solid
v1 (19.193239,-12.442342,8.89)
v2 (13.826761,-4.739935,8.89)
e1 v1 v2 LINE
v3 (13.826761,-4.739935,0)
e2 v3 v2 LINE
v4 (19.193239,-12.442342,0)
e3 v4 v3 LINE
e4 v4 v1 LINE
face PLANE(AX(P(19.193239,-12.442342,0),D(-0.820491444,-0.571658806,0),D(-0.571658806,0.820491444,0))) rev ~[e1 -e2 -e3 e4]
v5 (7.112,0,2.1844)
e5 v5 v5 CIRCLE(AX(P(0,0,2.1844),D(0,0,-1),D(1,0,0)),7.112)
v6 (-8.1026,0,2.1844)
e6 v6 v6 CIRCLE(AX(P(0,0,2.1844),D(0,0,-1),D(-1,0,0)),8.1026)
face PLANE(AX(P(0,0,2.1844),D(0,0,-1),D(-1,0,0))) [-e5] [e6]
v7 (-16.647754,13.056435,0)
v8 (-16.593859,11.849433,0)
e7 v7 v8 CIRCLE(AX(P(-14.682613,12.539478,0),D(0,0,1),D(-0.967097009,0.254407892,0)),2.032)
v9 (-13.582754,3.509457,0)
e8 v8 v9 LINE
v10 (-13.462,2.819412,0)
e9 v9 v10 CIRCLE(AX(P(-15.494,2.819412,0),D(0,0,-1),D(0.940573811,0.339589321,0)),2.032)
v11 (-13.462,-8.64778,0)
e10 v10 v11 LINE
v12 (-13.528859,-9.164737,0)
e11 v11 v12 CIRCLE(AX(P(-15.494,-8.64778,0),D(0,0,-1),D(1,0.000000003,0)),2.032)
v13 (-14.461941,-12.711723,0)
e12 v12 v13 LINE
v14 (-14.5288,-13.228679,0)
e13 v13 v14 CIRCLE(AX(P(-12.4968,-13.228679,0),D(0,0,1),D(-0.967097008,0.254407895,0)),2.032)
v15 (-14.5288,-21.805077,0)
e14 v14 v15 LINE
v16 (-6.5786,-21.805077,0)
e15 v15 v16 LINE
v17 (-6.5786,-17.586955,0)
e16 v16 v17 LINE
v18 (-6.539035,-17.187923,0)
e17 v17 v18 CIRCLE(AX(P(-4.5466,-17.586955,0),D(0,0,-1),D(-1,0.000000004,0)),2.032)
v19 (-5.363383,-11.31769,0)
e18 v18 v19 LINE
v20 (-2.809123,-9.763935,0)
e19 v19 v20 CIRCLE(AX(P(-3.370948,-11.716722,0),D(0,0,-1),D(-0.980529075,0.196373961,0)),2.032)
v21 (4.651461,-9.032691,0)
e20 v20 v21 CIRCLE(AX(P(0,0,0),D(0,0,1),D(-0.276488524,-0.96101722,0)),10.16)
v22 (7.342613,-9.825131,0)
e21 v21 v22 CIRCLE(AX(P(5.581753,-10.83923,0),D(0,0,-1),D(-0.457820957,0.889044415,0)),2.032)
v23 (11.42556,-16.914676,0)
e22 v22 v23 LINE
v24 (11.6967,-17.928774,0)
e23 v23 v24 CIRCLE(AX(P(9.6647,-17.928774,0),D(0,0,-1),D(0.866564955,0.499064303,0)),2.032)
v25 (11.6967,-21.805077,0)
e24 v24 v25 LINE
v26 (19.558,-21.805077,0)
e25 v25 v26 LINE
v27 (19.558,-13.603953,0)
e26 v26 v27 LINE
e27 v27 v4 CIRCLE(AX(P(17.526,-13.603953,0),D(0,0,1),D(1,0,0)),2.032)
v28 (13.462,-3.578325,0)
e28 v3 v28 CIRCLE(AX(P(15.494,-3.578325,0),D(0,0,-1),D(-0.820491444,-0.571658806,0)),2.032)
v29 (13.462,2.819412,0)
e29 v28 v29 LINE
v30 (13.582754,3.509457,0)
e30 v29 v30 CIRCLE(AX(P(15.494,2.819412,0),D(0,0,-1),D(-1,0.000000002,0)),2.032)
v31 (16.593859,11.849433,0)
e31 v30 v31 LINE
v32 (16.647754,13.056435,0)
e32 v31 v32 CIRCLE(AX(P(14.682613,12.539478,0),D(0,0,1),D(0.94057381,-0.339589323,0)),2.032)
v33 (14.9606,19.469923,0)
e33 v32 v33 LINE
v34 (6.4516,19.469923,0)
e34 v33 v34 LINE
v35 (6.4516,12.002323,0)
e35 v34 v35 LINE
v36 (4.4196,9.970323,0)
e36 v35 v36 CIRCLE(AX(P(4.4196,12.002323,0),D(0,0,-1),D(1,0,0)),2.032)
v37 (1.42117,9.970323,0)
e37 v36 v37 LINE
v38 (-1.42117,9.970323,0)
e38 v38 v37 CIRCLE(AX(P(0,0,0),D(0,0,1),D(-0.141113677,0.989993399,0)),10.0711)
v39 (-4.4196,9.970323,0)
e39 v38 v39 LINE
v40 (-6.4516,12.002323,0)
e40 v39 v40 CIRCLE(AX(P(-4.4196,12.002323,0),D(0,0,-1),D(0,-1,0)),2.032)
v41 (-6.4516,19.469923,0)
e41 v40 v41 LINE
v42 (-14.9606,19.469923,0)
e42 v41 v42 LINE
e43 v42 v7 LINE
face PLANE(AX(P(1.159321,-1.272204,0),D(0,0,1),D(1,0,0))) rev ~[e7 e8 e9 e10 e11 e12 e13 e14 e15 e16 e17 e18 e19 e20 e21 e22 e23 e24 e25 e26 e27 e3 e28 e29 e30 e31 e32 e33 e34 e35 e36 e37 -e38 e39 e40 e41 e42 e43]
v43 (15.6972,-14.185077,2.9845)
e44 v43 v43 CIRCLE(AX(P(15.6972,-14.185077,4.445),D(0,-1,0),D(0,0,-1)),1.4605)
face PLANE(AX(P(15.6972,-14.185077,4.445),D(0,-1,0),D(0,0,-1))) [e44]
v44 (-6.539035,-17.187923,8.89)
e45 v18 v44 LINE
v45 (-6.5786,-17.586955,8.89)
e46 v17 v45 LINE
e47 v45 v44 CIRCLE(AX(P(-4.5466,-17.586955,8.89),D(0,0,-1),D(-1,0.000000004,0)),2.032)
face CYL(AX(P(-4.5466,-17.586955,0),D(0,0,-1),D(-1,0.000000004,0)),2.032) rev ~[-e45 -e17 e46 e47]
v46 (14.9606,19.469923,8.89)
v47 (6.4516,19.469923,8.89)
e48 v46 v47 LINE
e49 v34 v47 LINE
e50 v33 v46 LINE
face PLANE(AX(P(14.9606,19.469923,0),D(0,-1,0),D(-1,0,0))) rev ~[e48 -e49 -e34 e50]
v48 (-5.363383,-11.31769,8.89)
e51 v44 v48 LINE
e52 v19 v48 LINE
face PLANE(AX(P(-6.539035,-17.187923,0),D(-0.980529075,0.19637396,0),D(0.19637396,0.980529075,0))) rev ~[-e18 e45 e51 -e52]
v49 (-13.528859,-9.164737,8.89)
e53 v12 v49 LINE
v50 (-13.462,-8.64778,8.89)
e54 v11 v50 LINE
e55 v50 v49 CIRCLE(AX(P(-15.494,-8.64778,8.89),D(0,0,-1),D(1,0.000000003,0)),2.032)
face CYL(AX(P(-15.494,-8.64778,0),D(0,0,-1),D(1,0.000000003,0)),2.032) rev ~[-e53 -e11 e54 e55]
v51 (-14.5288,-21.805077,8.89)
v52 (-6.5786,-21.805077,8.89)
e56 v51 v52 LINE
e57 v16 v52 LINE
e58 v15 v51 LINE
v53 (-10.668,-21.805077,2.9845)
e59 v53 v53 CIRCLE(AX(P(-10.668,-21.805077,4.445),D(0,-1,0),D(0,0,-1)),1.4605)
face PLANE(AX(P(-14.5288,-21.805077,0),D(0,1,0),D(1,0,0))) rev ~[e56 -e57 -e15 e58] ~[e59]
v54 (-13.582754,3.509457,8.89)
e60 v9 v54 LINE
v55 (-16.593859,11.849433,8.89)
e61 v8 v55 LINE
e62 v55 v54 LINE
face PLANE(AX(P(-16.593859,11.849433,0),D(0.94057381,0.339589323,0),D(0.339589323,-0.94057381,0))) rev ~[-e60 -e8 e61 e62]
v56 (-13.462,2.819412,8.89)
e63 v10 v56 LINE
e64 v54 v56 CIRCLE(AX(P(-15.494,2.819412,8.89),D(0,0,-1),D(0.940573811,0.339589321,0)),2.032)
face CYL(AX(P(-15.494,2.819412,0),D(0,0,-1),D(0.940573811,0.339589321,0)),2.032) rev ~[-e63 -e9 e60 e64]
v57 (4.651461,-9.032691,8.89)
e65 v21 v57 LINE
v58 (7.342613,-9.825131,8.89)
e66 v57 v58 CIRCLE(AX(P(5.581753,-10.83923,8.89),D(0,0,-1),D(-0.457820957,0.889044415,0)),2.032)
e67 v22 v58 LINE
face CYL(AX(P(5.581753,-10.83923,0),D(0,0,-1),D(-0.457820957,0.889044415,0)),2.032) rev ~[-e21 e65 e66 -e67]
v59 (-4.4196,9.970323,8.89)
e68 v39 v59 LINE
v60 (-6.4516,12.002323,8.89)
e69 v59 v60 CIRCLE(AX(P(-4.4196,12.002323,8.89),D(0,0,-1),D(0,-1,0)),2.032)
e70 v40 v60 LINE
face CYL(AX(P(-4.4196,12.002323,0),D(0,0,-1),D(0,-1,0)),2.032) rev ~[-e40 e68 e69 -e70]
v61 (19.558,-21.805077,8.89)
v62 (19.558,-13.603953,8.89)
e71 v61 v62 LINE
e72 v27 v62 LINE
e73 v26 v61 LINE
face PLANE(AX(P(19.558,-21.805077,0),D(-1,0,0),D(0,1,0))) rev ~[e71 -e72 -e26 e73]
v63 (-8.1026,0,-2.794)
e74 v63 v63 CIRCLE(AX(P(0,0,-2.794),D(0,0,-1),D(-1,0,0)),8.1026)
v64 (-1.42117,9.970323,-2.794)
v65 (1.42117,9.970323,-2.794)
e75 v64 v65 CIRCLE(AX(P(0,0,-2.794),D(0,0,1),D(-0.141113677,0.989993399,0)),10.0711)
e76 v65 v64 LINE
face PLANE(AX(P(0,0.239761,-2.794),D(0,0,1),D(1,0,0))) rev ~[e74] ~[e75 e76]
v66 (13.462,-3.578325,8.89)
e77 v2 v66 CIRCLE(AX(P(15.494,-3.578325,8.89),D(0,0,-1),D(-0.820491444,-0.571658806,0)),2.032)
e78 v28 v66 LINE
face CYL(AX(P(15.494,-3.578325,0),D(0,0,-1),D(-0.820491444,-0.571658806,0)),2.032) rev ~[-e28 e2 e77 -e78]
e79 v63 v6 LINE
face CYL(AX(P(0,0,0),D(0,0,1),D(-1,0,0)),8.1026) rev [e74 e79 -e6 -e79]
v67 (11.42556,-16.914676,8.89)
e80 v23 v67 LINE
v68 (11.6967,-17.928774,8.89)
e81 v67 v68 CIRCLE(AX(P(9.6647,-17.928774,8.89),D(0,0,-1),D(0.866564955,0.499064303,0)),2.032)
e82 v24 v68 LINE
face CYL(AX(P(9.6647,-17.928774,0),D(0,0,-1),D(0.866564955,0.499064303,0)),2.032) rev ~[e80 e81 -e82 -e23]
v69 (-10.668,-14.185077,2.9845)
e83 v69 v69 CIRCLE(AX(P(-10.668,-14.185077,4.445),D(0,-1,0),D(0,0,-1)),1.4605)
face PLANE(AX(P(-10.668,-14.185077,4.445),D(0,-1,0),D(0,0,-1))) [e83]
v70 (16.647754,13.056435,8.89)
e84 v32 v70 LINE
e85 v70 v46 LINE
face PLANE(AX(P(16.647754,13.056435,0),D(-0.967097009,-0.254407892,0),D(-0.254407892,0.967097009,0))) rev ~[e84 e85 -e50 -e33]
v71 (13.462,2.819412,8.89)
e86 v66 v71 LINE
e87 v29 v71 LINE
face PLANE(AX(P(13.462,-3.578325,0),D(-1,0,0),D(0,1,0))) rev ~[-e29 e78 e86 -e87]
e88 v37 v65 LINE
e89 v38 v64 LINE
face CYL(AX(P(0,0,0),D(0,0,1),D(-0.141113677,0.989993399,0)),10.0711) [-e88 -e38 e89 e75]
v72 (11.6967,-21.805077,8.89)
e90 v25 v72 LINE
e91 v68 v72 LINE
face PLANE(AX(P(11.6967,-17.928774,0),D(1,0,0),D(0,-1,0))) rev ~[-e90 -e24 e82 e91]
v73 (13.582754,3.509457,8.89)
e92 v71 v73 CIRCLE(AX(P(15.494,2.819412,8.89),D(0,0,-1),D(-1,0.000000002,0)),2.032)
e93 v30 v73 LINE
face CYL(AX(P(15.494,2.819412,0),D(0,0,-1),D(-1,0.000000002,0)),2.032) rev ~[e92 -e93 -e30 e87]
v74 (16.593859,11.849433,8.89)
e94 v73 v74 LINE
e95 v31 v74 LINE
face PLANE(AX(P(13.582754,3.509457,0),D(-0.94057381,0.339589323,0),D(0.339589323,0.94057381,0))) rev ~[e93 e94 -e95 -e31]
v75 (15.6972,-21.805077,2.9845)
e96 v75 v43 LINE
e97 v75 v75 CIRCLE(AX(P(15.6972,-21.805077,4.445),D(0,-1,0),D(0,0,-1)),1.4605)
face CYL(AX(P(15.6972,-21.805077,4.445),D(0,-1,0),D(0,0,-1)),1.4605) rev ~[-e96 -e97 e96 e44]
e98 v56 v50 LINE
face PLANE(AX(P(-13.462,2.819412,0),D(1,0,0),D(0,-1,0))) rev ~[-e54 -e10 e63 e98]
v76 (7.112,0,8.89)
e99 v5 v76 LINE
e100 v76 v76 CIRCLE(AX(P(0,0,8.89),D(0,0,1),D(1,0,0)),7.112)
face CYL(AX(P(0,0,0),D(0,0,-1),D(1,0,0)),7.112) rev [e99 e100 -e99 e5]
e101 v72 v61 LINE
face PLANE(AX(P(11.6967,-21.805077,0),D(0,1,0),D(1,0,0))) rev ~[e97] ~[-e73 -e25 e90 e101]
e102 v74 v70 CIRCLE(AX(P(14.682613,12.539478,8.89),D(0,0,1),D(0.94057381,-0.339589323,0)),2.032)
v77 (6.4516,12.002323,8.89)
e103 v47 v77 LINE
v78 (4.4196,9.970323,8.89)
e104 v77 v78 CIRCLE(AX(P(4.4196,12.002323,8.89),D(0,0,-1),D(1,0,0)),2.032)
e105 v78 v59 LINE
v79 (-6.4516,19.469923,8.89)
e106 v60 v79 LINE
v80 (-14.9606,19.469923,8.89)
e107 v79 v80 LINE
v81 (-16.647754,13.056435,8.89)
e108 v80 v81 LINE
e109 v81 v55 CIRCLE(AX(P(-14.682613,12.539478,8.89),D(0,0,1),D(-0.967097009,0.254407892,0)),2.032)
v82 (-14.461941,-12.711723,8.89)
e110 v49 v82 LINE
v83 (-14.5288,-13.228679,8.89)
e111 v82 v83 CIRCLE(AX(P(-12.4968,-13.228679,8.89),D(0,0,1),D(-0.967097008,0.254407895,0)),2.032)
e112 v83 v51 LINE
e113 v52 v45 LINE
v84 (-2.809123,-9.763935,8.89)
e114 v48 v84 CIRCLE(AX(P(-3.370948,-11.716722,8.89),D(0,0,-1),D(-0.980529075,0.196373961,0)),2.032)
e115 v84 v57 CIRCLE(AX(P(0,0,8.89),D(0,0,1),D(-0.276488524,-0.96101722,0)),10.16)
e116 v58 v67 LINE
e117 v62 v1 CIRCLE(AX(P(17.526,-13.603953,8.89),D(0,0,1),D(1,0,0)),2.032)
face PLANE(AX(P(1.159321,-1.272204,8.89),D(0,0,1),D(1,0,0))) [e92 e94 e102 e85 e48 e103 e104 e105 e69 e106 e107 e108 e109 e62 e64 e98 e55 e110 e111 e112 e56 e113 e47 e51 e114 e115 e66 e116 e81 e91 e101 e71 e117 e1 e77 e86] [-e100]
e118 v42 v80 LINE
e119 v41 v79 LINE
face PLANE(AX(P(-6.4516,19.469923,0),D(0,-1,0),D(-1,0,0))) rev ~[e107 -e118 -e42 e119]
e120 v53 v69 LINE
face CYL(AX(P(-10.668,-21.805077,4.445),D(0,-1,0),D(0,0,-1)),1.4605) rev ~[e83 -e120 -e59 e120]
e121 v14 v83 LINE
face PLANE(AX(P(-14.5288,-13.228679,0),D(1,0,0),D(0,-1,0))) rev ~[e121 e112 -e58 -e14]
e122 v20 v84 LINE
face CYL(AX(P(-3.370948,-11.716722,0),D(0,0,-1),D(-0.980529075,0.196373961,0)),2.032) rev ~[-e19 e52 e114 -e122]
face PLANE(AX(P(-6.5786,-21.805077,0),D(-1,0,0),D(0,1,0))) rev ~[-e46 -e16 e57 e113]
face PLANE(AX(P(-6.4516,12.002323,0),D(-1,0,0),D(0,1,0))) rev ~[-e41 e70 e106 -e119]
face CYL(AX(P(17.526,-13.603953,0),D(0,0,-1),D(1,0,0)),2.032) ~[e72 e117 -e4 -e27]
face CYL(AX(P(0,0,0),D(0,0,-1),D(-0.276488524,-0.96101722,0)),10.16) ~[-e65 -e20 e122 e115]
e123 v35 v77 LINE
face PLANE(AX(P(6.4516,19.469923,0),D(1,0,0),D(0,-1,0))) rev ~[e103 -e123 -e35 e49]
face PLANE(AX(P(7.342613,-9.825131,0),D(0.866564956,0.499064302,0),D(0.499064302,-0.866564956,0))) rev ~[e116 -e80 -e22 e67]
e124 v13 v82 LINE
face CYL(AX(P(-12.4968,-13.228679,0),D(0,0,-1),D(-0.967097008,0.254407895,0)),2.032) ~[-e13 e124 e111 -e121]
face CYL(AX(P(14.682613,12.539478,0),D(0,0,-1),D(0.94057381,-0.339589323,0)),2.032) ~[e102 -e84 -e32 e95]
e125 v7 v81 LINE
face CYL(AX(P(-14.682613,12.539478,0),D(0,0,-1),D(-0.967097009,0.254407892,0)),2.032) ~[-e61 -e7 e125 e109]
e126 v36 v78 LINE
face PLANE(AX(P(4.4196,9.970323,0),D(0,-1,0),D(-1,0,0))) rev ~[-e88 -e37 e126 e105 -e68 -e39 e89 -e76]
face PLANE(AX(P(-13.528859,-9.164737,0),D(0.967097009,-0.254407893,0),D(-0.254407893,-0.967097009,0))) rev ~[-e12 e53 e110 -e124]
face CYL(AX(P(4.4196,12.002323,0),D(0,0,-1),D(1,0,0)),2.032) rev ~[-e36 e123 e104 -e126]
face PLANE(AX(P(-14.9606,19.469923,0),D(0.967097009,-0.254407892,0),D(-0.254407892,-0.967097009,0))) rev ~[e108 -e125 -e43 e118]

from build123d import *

# Parameters (mm, degrees)
SKETCH1_R           = 7.112
BOSS_EXTRUDE1_DEPTH = 8.89
SKETCH2_R           = 8.1026
BOSS_EXTRUDE2_DEPTH = 2.794
CUT_EXTRUDE1_START  = -2.1844
SKETCH4_R           = 8.1026
CUT_EXTRUDE1_DEPTH  = 2.1844
SKETCH5_R           = 1.4605
CUT_EXTRUDE2_DEPTH  = 7.62


with BuildPart() as part:
    # Sketch1 → Boss-Extrude1 (new body)
    with BuildSketch(Plane.XY):
        with BuildLine():
            Line((4.4196, 9.970322522), (-4.4196, 9.970322522))
            ThreePointArc((-4.4196, 9.970322522), (-5.856440979, 10.565481542), (-6.4516, 12.002322522))
            Line((-6.4516, 12.002322522), (-6.4516, 19.469922522))
            Line((-6.4516, 19.469922522), (-14.9606, 19.469922522))
            Line((-14.9606, 19.469922522), (-16.647754284, 13.056434928))
            ThreePointArc((-16.647754284, 13.056434928), (-16.712590479, 12.448835423), (-16.593859144, 11.849432587))
            Line((-16.593859144, 11.849432587), (-13.582754018, 3.50945712))
            ThreePointArc((-13.582754018, 3.50945712), (-13.492416148, 3.169677348), (-13.462, 2.819411617))
            Line((-13.462, 2.819411617), (-13.462, 0))
            Line((-13.462, 0), (-13.462, -8.647780438))
            ThreePointArc((-13.462, -8.647780438), (-13.478784036, -8.908411634), (-13.528858878, -9.164737275))
            Line((-13.528858878, -9.164737275), (-14.461941122, -12.711722544))
            ThreePointArc((-14.461941122, -12.711722544), (-14.512015964, -12.968048185), (-14.5288, -13.228679381))
            Line((-14.5288, -13.228679381), (-14.5288, -21.805077478))
            Line((-14.5288, -21.805077478), (-6.5786, -21.805077478))
            Line((-6.5786, -21.805077478), (-6.5786, -17.586954898))
            ThreePointArc((-6.5786, -17.586954898), (-6.568684578, -17.386460615), (-6.539035081, -17.187923011))
            Line((-6.539035081, -17.187923011), (-5.363383159, -11.317690055))
            ThreePointArc((-5.363383159, -11.317690055), (-4.426978503, -9.980685151), (-2.809123398, -9.763934951))
            ThreePointArc((-2.809123398, -9.763934951), (0.991075795, -10.11154631), (4.651460928, -9.032691251))
            ThreePointArc((4.651460928, -9.032691251), (6.155731201, -8.889980119), (7.342613103, -9.82513084))
            Line((7.342613103, -9.82513084), (11.42555999, -16.91467556))
            ThreePointArc((11.42555999, -16.91467556), (11.62774502, -17.403914002), (11.6967, -17.928774222))
            Line((11.6967, -17.928774222), (11.6967, -21.805077478))
            Line((11.6967, -21.805077478), (19.558, -21.805077478))
            Line((19.558, -21.805077478), (19.558, -13.603952816))
            ThreePointArc((19.558, -13.603952816), (19.464666148, -12.995185564), (19.193238615, -12.442342123))
            Line((19.193238615, -12.442342123), (13.826761385, -4.739935355))
            ThreePointArc((13.826761385, -4.739935355), (13.555333852, -4.187091915), (13.462, -3.578324662))
            Line((13.462, -3.578324662), (13.462, 0))
            Line((13.462, 0), (13.462, 2.819411617))
            ThreePointArc((13.462, 2.819411617), (13.492416148, 3.169677348), (13.582754018, 3.50945712))
            Line((13.582754018, 3.50945712), (16.593859144, 11.849432587))
            ThreePointArc((16.593859144, 11.849432587), (16.712590479, 12.448835423), (16.647754284, 13.056434928))
            Line((16.647754284, 13.056434928), (14.9606, 19.469922522))
            Line((14.9606, 19.469922522), (6.4516, 19.469922522))
            Line((6.4516, 19.469922522), (6.4516, 12.002322522))
            ThreePointArc((6.4516, 12.002322522), (5.856440979, 10.565481542), (4.4196, 9.970322522))
        make_face()
        Circle(SKETCH1_R, mode=Mode.SUBTRACT)
    extrude(amount=BOSS_EXTRUDE1_DEPTH)

    # Sketch2 → Boss-Extrude2 (add)
    with BuildSketch(Plane(origin=(0, 0, 0), x_dir=(-1, 0, 0), z_dir=(0, 0, -1))):
        with BuildLine():
            Line((-1.42116995, 9.970322522), (1.42116995, 9.970322522))
            ThreePointArc((1.42116995, 9.970322522), (0, -10.0711), (-1.42116995, 9.970322522))
        make_face()
        Circle(SKETCH2_R, mode=Mode.SUBTRACT)
    extrude(amount=BOSS_EXTRUDE2_DEPTH)

    # Sketch4 → Cut-Extrude1 (cut)
    with BuildSketch(Plane(origin=(0, 0, 0), x_dir=(-1, 0, 0), z_dir=(0, 0, -1)).offset(CUT_EXTRUDE1_START)):
        Circle(SKETCH4_R)
    extrude(amount=CUT_EXTRUDE1_DEPTH, mode=Mode.SUBTRACT)

    # Sketch5 → Cut-Extrude2 (cut)
    with BuildSketch(Plane.XZ.offset(21.805077478)):
        with Locations(Location((-10.668, 4.445, 0), (0, 0, 270))):
            Circle(SKETCH5_R)
        with Locations(Location((15.6972, 4.445, 0), (0, 0, 270))):
            Circle(SKETCH5_R)
    extrude(amount=-CUT_EXTRUDE2_DEPTH, mode=Mode.SUBTRACT)


solid = part.part
